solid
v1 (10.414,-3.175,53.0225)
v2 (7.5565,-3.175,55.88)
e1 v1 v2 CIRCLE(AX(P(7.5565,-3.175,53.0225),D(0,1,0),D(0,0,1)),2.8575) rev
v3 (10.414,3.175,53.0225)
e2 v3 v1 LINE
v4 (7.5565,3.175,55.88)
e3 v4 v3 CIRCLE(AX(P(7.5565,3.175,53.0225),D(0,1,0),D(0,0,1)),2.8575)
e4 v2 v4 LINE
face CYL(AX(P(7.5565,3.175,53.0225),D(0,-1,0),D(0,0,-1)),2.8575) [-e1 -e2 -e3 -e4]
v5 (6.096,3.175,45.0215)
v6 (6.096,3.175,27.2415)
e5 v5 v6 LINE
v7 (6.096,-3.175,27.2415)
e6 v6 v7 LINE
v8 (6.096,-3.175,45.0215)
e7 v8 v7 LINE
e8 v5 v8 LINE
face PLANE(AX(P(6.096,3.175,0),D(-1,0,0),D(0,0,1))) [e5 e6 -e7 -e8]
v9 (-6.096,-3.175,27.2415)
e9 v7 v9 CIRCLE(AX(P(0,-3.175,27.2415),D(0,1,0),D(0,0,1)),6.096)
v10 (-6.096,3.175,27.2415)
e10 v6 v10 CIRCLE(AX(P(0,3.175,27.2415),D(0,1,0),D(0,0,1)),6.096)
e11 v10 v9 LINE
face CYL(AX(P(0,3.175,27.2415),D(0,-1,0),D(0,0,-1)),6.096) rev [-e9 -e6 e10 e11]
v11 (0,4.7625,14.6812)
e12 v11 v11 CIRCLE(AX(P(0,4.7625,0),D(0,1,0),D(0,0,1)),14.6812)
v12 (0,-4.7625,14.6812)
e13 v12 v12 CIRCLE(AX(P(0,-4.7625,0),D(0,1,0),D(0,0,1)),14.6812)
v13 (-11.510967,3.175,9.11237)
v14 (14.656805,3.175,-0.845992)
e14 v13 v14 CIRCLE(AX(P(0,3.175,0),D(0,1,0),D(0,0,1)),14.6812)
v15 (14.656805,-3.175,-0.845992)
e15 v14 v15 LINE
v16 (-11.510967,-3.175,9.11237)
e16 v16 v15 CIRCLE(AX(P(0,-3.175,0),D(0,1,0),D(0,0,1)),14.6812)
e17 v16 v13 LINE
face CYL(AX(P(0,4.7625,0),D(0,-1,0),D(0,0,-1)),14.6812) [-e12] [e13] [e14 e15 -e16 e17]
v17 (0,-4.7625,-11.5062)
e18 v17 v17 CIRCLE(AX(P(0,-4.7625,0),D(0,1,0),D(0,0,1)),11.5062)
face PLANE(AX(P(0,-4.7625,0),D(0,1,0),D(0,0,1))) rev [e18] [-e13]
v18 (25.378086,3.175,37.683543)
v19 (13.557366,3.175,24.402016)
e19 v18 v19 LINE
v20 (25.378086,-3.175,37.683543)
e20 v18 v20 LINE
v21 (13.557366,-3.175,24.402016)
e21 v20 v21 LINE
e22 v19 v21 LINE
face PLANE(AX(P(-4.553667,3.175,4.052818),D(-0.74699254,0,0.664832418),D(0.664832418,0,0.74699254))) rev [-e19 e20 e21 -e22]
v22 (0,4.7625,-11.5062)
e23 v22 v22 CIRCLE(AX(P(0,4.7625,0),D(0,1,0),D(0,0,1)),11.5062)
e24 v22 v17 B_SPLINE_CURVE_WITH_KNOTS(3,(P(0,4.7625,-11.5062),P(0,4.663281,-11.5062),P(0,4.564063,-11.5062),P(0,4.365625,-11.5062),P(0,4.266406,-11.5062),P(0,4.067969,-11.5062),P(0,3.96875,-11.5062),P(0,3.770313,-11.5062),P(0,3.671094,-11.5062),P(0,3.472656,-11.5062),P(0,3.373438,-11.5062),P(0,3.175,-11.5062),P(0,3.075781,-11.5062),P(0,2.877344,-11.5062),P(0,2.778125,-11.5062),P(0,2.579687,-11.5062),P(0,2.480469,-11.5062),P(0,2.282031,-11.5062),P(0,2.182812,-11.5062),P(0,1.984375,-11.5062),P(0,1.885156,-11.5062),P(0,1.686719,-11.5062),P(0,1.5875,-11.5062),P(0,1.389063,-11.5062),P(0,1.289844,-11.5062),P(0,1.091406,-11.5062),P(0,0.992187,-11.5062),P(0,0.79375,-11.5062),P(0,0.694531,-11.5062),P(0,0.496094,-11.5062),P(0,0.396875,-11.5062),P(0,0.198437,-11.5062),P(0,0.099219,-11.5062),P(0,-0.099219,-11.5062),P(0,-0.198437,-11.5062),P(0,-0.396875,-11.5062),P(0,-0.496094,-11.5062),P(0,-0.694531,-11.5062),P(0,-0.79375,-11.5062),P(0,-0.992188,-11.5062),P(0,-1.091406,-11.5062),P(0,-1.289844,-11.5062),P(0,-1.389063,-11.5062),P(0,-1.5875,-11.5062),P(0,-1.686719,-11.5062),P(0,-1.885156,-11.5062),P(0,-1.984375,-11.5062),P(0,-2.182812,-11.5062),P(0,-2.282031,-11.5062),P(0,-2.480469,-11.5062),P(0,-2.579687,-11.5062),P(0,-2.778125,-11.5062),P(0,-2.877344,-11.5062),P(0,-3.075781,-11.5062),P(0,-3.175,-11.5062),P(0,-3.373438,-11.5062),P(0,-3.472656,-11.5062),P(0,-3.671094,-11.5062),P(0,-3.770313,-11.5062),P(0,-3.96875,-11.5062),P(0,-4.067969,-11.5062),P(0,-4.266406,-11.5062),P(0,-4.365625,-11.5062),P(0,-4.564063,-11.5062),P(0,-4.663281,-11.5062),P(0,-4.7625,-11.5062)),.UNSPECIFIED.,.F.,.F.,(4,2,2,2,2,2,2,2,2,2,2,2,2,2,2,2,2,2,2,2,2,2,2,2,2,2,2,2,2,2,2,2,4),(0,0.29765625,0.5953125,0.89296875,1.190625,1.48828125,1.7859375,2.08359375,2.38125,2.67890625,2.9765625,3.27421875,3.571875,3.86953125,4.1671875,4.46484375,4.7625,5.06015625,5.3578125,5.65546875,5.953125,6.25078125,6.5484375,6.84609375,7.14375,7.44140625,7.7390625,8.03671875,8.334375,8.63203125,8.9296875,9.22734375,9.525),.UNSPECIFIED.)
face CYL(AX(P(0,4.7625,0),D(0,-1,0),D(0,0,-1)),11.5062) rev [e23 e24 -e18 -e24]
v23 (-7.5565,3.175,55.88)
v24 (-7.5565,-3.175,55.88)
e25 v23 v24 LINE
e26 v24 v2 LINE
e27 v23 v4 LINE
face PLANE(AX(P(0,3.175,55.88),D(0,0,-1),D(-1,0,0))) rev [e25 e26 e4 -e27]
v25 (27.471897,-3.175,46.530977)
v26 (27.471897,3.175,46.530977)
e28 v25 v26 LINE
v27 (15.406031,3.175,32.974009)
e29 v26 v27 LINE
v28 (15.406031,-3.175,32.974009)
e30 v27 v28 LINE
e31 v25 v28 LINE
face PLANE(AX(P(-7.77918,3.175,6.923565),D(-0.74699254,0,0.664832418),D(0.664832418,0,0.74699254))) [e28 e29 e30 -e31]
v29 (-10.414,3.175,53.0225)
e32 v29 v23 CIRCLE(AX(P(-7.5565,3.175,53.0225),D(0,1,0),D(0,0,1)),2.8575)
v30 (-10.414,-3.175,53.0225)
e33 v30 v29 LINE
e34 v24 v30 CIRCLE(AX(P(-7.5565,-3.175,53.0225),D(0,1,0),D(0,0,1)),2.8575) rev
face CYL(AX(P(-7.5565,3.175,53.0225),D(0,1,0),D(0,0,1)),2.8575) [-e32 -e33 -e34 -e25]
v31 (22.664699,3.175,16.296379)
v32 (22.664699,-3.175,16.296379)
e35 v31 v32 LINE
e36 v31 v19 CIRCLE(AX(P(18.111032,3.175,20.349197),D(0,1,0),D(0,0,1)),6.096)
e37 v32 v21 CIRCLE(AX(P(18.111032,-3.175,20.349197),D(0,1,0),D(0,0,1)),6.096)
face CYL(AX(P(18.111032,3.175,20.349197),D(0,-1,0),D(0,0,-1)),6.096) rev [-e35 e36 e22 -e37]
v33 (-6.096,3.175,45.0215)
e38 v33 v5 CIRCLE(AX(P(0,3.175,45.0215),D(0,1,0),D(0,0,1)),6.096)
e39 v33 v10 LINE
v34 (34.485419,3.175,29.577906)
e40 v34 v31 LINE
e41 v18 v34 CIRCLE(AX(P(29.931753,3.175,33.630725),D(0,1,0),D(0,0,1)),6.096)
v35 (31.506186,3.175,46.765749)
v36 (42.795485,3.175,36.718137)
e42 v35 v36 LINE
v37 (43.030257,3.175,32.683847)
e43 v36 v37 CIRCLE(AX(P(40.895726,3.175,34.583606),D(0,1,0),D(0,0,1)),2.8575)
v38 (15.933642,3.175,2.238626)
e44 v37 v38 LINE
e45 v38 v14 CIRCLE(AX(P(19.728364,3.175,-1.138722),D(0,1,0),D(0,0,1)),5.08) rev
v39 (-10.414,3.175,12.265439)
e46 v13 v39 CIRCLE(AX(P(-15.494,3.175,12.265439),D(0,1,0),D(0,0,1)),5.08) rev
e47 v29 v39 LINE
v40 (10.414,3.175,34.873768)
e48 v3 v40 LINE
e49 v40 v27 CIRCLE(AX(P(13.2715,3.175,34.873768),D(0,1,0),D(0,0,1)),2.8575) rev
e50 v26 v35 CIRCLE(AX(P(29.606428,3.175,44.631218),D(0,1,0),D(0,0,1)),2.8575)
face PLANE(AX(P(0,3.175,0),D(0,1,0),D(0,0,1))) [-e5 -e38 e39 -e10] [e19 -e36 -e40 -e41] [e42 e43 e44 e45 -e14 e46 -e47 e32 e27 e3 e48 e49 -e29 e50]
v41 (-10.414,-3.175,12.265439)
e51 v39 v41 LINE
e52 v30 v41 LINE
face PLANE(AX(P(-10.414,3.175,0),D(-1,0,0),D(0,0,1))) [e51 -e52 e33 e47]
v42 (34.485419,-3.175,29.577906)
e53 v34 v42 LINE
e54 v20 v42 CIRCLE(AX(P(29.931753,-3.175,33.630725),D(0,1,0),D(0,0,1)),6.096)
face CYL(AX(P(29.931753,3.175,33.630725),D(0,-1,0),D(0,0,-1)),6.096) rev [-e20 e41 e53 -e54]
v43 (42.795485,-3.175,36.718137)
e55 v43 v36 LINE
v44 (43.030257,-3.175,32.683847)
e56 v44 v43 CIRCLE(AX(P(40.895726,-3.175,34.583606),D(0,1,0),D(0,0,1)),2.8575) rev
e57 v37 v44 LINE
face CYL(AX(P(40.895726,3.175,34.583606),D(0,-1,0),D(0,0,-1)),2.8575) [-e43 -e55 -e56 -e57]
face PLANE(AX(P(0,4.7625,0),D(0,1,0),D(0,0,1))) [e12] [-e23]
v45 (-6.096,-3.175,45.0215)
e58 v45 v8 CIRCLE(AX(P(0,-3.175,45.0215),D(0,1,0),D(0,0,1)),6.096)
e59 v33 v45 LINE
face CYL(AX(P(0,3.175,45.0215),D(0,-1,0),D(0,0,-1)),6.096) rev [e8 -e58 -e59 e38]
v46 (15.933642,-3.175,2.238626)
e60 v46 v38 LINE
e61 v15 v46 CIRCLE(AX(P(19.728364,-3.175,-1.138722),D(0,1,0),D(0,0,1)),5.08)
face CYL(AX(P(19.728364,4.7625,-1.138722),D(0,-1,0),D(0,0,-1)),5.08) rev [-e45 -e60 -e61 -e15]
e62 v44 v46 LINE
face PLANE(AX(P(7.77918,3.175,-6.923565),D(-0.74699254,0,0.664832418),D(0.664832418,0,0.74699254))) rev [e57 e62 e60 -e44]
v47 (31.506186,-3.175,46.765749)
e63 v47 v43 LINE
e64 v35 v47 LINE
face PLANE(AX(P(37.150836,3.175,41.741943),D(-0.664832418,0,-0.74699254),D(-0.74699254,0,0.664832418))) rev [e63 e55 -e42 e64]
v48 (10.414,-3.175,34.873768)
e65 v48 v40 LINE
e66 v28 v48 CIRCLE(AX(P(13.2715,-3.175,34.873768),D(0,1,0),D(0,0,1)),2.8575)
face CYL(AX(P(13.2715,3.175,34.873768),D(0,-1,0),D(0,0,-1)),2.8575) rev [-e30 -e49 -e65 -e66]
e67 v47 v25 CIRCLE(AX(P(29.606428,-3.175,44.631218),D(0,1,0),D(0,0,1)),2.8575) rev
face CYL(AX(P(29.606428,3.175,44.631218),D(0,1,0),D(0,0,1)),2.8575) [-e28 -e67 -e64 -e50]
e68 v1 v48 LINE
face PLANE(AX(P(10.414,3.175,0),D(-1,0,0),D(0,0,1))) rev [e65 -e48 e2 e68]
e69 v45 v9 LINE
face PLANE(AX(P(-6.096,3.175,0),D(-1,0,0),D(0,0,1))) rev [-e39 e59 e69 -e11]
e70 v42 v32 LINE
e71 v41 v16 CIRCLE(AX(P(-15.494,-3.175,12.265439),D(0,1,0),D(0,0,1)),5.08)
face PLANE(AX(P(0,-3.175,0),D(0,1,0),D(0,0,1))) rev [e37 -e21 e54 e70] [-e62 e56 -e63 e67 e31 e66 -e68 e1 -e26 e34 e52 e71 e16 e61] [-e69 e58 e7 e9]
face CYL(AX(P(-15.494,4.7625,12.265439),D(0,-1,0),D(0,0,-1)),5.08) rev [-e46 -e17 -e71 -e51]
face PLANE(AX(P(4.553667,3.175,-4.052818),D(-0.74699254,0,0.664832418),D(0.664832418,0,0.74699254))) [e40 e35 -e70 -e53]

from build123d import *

# Parameters (mm, degrees)
SKETCH1_R                      = 14.6812
SKETCH1_R_2                    = 11.5062
BEARING_INSERT_EXTRUDE_DEPTH   = 4.7625
APEX_SLOT_INSERT_EXTRUDE_DEPTH = 3.175
FILLET1_R                      = 5.08
FILLET2_R                      = 2.8575


with BuildPart() as part:
    # Sketch1 → Bearing_Insert_Extrude (new, symmetric)
    with BuildSketch(Plane(origin=(0, 0, 0), x_dir=(1, 0, 0), z_dir=(0, 1, 0))):
        with Locations(Location((0, 0, 0), (0, 0, 90))):
            Circle(SKETCH1_R)
        with Locations(Location((0, 0, 0), (0, 0, 90))):
            Circle(SKETCH1_R_2, mode=Mode.SUBTRACT)
    extrude(amount=BEARING_INSERT_EXTRUDE_DEPTH, both=True)

    # Sketch1<4> → Apex_Slot_Insert_Extrude (add, symmetric)
    with BuildSketch(Plane(origin=(0, 0, 0), x_dir=(1, 0, 0), z_dir=(0, 1, 0))):
        with BuildLine():
            Line((-10.414, -10.348248037), (-10.414, -55.88))
            Line((-10.414, -55.88), (10.414, -55.88))
            Line((10.414, -55.88), (10.414, -27.365061948))
            Line((10.414, -27.365061948), (29.371655227, -48.665507962))
            Line((29.371655227, -48.665507962), (44.930015858, -34.818378351))
            Line((44.930015858, -34.818378351), (14.659031085, -0.806499284))
            ThreePointArc((14.659031085, -0.806499284), (5.221715671, -13.721199616), (-10.414, -10.348248037))
        make_face()
        with BuildLine():
            ThreePointArc((6.096, -45.0215), (0, -51.1175), (-6.096, -45.0215))
            Line((-6.096, -45.0215), (-6.096, -27.2415))
            ThreePointArc((-6.096, -27.2415), (0, -21.1455), (6.096, -27.2415))
            Line((6.096, -27.2415), (6.096, -45.0215))
        make_face(mode=Mode.SUBTRACT)
        with BuildLine():
            ThreePointArc((34.485419253, -29.577906234), (33.98457115, -38.184391183), (25.378086201, -37.68354308))
            Line((25.378086201, -37.68354308), (13.557365801, -24.402015712))
            ThreePointArc((13.557365801, -24.402015712), (14.058213904, -15.795530763), (22.664698853, -16.296378866))
            Line((22.664698853, -16.296378866), (34.485419253, -29.577906234))
        make_face(mode=Mode.SUBTRACT)
    extrude(amount=APEX_SLOT_INSERT_EXTRUDE_DEPTH, both=True)

    # Fillet1
    fillet1_edges = [part.edges().sort_by_distance(p)[0] for p in [
        (14.659031085, 0, 0.806499284),
        (-10.414, 0, 10.348248037),
    ]]
    fillet(fillet1_edges, radius=FILLET1_R)

    # Fillet2
    fillet2_edges = [part.edges().sort_by_distance(p)[0] for p in [
        (-10.414, 0, 55.88),
        (10.414, 0, 55.88),
        (10.414, 0, 27.365061948),
        (29.371655227, 0, 48.665507962),
        (44.930015858, 0, 34.818378351),
    ]]
    fillet(fillet2_edges, radius=FILLET2_R)


solid = part.part
